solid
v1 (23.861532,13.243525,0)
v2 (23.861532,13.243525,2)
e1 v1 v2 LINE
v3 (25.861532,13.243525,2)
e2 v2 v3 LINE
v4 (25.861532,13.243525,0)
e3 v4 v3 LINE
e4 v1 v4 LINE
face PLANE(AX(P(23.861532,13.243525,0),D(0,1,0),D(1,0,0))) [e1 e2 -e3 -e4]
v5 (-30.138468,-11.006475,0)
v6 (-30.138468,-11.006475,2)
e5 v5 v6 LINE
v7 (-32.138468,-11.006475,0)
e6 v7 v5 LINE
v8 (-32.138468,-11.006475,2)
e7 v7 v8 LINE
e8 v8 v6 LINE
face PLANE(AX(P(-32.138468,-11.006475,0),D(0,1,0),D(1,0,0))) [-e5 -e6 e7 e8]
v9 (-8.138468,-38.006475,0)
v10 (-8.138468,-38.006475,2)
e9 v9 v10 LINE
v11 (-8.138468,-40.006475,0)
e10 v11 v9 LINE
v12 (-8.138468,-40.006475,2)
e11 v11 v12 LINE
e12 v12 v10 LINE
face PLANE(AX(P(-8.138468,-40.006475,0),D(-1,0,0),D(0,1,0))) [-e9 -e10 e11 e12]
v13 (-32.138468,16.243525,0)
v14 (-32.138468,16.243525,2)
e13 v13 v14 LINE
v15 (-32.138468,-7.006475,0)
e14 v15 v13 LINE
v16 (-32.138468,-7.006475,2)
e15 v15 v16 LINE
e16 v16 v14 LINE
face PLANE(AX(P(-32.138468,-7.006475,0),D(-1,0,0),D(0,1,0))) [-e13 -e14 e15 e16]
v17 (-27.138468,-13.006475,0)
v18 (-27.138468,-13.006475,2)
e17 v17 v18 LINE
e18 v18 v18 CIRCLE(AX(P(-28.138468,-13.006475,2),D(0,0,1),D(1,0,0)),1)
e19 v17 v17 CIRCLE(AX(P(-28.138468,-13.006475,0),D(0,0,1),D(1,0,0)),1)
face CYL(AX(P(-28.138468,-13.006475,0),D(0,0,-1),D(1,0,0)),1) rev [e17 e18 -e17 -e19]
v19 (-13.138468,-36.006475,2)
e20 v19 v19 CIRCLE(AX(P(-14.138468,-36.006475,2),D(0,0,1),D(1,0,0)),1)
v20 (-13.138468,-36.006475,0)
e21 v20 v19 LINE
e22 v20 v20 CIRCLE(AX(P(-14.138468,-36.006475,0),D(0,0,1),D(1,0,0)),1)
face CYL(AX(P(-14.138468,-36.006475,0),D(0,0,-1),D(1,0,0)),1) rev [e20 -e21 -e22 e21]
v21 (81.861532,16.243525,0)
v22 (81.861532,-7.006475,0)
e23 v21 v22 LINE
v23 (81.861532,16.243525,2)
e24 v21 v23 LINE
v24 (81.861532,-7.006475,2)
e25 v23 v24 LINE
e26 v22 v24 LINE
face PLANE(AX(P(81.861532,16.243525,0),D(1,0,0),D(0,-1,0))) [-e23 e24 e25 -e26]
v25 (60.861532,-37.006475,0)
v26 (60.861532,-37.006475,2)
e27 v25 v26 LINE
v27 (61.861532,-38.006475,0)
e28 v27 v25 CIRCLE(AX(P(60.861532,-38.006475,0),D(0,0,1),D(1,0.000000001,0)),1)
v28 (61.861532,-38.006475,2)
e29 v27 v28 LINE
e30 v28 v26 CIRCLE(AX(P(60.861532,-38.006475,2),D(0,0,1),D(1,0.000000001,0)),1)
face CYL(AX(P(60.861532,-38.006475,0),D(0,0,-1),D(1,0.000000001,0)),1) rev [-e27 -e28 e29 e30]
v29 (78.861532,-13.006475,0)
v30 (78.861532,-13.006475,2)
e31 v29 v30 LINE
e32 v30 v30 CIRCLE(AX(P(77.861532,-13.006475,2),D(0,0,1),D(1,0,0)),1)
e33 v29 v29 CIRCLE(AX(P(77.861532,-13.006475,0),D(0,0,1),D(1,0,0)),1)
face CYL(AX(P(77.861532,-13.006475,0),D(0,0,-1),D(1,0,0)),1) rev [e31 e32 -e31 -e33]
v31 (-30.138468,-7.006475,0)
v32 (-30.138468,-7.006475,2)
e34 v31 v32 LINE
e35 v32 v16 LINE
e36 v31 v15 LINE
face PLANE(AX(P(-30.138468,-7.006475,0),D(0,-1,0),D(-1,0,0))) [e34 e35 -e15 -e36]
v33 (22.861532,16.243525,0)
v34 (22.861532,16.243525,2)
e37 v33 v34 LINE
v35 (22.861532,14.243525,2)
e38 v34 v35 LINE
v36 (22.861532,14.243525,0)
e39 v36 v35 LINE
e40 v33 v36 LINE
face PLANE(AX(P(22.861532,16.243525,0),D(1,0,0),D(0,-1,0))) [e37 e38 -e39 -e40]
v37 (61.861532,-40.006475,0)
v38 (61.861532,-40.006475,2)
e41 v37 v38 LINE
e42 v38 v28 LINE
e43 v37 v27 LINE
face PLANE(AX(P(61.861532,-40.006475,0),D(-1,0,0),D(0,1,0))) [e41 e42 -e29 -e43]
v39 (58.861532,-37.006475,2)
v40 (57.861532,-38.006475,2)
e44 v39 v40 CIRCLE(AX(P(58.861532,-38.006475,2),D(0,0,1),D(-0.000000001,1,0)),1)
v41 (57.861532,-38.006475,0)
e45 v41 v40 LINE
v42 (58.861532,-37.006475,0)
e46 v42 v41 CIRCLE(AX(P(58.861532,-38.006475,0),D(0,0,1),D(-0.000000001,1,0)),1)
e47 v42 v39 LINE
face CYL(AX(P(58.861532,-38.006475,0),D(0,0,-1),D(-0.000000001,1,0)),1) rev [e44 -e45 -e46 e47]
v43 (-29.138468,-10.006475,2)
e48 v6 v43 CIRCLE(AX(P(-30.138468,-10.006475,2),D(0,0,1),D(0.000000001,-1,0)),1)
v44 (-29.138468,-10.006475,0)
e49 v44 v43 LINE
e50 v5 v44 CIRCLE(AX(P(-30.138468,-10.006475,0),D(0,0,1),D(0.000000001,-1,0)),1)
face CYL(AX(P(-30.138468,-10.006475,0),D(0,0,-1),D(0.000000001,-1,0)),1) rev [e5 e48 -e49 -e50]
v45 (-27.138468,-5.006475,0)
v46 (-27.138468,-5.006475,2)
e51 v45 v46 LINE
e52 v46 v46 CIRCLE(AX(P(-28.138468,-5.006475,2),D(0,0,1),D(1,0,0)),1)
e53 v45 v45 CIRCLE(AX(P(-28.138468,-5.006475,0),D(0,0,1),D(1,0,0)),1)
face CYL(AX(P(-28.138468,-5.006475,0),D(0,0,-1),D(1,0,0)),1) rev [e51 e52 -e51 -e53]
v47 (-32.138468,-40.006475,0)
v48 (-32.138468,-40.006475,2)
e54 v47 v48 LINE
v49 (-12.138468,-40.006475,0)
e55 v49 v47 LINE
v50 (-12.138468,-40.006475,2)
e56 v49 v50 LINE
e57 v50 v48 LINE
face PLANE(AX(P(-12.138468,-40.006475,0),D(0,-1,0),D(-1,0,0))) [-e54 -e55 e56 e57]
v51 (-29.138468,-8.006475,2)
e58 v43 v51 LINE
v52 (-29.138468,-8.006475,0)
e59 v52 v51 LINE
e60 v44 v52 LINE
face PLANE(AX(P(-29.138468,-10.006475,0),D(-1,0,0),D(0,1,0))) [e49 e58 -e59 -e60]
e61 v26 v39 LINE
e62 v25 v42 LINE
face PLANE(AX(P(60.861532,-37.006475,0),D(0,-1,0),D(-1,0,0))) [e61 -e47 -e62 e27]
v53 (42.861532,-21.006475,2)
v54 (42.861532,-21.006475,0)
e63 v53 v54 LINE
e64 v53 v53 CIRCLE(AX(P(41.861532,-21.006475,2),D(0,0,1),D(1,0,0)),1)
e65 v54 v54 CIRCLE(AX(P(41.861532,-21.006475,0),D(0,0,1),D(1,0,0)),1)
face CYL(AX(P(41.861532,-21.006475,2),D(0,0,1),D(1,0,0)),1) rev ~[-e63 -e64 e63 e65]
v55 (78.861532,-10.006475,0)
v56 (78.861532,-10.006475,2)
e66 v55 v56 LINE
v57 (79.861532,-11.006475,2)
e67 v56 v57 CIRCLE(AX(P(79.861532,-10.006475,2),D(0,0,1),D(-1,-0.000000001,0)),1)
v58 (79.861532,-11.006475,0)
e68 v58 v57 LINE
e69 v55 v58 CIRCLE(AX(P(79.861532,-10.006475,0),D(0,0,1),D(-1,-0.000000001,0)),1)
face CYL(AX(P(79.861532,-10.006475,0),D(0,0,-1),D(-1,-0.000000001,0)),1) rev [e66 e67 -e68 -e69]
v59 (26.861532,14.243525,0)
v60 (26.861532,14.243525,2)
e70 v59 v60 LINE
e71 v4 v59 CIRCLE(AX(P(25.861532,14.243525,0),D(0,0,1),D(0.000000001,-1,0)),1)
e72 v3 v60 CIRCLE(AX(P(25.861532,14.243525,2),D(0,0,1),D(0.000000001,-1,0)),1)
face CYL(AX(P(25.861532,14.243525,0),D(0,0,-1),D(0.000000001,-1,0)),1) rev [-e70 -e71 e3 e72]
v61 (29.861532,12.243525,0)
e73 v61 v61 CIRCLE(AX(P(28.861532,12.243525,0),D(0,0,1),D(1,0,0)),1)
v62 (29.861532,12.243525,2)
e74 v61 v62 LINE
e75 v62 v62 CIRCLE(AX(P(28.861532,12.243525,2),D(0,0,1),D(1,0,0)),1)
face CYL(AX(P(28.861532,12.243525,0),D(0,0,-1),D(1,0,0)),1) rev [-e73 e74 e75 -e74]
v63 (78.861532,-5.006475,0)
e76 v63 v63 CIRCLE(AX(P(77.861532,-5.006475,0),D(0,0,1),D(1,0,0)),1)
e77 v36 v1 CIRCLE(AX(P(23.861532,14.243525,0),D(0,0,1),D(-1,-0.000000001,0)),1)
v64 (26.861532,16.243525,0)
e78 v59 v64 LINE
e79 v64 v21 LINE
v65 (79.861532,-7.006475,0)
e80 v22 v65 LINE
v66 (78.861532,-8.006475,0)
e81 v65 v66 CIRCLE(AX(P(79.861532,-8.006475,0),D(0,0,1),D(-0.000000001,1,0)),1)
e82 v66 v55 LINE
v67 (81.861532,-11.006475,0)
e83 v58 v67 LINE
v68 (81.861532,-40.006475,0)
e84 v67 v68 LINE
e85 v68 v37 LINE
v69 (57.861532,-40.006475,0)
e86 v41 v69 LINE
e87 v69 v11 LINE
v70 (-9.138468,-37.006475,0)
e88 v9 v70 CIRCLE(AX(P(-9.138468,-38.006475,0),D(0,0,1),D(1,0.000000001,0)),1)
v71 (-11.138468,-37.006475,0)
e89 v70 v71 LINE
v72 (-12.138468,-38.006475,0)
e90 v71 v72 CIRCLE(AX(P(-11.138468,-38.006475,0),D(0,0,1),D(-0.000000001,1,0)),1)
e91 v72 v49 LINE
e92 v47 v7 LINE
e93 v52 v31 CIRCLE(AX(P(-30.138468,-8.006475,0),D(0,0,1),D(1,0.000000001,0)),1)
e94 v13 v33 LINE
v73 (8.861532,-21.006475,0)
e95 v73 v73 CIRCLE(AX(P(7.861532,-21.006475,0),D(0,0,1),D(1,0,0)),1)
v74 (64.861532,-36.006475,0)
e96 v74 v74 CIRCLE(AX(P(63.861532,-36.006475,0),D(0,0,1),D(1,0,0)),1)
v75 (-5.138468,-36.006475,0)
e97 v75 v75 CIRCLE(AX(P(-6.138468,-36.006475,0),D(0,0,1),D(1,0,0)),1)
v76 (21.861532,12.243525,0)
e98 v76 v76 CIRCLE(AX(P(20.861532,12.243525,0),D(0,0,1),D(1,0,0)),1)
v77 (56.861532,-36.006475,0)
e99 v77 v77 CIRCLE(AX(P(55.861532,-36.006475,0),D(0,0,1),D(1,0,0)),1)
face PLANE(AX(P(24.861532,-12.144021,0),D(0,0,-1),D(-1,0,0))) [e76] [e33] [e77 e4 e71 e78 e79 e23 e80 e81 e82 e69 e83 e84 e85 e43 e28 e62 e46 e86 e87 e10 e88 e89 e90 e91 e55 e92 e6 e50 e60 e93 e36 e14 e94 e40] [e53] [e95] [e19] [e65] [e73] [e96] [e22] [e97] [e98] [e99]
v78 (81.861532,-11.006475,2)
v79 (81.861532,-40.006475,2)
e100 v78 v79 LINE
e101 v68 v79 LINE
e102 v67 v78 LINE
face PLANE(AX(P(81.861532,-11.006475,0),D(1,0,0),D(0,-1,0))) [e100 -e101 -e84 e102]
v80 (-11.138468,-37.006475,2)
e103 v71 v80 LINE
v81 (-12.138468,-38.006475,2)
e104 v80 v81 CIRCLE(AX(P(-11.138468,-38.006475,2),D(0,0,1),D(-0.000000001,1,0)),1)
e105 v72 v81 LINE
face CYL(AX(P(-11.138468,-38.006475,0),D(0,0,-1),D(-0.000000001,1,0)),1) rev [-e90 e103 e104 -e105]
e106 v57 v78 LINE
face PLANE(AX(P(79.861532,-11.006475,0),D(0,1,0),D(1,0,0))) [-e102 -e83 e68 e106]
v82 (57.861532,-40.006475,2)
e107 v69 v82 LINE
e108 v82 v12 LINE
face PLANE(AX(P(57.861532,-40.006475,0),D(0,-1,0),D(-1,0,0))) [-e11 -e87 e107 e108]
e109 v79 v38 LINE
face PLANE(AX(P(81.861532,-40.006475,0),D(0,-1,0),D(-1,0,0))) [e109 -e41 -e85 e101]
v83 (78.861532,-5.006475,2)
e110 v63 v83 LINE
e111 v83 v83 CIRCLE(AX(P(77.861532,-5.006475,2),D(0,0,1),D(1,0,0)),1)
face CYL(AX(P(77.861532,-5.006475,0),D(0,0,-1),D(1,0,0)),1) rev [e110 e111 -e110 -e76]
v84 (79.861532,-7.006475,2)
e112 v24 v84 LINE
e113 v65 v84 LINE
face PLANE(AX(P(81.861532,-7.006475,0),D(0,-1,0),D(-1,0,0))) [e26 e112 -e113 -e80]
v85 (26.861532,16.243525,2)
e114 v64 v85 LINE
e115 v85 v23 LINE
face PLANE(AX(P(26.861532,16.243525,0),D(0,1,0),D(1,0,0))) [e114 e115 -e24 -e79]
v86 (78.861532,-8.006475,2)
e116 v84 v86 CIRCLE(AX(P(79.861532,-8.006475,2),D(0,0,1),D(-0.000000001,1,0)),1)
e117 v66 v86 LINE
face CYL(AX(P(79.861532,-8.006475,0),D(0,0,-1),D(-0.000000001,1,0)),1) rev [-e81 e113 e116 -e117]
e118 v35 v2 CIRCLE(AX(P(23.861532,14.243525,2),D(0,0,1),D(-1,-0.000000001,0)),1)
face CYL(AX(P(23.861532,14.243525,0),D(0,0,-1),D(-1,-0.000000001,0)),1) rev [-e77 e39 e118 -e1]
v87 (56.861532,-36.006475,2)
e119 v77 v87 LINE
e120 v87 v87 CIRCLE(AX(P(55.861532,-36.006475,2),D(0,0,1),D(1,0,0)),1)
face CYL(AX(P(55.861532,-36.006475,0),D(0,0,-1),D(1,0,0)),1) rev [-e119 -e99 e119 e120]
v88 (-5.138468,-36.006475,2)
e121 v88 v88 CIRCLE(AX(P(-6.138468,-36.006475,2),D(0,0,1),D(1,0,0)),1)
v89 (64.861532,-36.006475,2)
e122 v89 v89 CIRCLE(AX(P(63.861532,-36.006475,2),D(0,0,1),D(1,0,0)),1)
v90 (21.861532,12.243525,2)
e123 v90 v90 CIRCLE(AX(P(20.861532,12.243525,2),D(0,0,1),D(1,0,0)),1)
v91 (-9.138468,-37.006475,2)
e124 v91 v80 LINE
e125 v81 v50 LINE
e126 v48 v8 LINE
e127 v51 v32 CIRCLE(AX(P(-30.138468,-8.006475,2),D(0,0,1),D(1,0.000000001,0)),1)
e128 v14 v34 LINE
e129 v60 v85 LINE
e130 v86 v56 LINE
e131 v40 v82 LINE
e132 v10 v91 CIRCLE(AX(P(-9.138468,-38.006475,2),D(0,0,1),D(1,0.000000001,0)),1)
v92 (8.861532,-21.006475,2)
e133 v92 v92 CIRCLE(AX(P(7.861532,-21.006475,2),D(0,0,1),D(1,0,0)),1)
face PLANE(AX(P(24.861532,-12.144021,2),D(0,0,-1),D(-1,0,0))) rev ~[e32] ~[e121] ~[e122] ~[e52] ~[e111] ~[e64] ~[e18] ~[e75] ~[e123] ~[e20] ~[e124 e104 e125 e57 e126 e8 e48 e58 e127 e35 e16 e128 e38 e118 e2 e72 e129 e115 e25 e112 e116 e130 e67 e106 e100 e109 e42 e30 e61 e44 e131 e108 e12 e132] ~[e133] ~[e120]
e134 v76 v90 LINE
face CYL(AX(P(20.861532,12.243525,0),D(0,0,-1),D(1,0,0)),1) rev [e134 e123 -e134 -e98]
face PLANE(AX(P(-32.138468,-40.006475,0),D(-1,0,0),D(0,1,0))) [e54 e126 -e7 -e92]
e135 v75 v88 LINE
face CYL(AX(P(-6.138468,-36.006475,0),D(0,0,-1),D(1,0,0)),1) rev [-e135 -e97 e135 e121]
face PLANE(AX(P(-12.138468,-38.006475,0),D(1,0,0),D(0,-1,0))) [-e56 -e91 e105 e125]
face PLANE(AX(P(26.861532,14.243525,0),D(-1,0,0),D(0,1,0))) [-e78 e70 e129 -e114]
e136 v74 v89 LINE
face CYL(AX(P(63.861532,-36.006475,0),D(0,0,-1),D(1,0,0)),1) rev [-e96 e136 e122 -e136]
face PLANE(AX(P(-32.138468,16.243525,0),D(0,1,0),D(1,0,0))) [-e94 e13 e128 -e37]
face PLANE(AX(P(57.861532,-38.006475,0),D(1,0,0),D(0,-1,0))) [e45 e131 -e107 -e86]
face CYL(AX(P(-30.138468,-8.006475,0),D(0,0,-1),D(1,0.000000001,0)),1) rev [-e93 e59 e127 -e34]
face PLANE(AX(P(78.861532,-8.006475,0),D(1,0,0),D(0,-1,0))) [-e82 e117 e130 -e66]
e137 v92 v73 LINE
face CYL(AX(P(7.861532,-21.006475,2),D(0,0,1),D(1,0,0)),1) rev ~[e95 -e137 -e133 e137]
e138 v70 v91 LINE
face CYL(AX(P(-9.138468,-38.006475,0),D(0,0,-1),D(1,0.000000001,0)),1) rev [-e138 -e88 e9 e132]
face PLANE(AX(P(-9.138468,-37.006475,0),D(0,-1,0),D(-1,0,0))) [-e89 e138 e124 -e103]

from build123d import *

# Parameters (mm, degrees)
SKETCH_1_R          = 1
EXTRUDE_1_DEPTH     = 2
SKETCH_2_R          = 1
CUT_EXTRUDE_1_DEPTH = 10


with BuildPart() as part:
    # 草圖1 → 填料-伸長1 (new body)
    with BuildSketch(Plane.XY):
        with BuildLine():
            Line((23.861531606, 13.243524775), (25.861531606, 13.243524775))
            ThreePointArc((25.861531606, 13.243524775), (26.568638387, 13.536417994), (26.861531606, 14.243524775))
            Line((26.861531606, 14.243524775), (26.861531606, 16.243524775))
            Line((26.861531606, 16.243524775), (80.861531606, 16.243524775))
            Line((80.861531606, 16.243524775), (81.861531606, 16.243524775))
            Line((81.861531606, 16.243524775), (81.861531606, 15.243524775))
            Line((81.861531606, 15.243524775), (81.861531606, -7.006475225))
            Line((81.861531606, -7.006475225), (79.861531606, -7.006475225))
            ThreePointArc((79.861531606, -7.006475225), (79.154424825, -7.299368444), (78.861531606, -8.006475225))
            Line((78.861531606, -8.006475225), (78.861531606, -10.006475225))
            ThreePointArc((78.861531606, -10.006475225), (79.154424825, -10.713582006), (79.861531606, -11.006475225))
            Line((79.861531606, -11.006475225), (81.861531606, -11.006475225))
            Line((81.861531606, -11.006475225), (81.861531606, -39.006475225))
            Line((81.861531606, -39.006475225), (81.861531606, -40.006475225))
            Line((81.861531606, -40.006475225), (80.861531606, -40.006475225))
            Line((80.861531606, -40.006475225), (61.861531606, -40.006475225))
            Line((61.861531606, -40.006475225), (61.861531606, -38.006475225))
            ThreePointArc((61.861531606, -38.006475225), (61.568638387, -37.299368444), (60.861531606, -37.006475225))
            Line((60.861531606, -37.006475225), (58.861531606, -37.006475225))
            ThreePointArc((58.861531606, -37.006475225), (58.154424825, -37.299368444), (57.861531606, -38.006475225))
            Line((57.861531606, -38.006475225), (57.861531606, -40.006475225))
            Line((57.861531606, -40.006475225), (-8.138468394, -40.006475225))
            Line((-8.138468394, -40.006475225), (-8.138468394, -38.006475225))
            ThreePointArc((-8.138468394, -38.006475225), (-8.431361613, -37.299368444), (-9.138468394, -37.006475225))
            Line((-9.138468394, -37.006475225), (-11.138468394, -37.006475225))
            ThreePointArc((-11.138468394, -37.006475225), (-11.845575175, -37.299368444), (-12.138468394, -38.006475225))
            Line((-12.138468394, -38.006475225), (-12.138468394, -40.006475225))
            Line((-12.138468394, -40.006475225), (-31.138468394, -40.006475225))
            Line((-31.138468394, -40.006475225), (-32.138468394, -40.006475225))
            Line((-32.138468394, -40.006475225), (-32.138468394, -39.006475225))
            Line((-32.138468394, -39.006475225), (-32.138468394, -11.006475225))
            Line((-32.138468394, -11.006475225), (-30.138468394, -11.006475225))
            ThreePointArc((-30.138468394, -11.006475225), (-29.431361613, -10.713582006), (-29.138468394, -10.006475225))
            Line((-29.138468394, -10.006475225), (-29.138468394, -8.006475225))
            ThreePointArc((-29.138468394, -8.006475225), (-29.431361613, -7.299368444), (-30.138468394, -7.006475225))
            Line((-30.138468394, -7.006475225), (-32.138468394, -7.006475225))
            Line((-32.138468394, -7.006475225), (-32.138468394, 15.243524775))
            Line((-32.138468394, 15.243524775), (-32.138468394, 16.243524775))
            Line((-32.138468394, 16.243524775), (-31.138468394, 16.243524775))
            Line((-31.138468394, 16.243524775), (22.861531606, 16.243524775))
            Line((22.861531606, 16.243524775), (22.861531606, 14.243524775))
            ThreePointArc((22.861531606, 14.243524775), (23.154424825, 13.536417994), (23.861531606, 13.243524775))
        make_face()
        with Locations((55.861531606, -36.006475225)):
            Circle(SKETCH_1_R, mode=Mode.SUBTRACT)
        with Locations((77.861531606, -5.006475225)):
            Circle(SKETCH_1_R, mode=Mode.SUBTRACT)
        with Locations((-6.138468394, -36.006475225)):
            Circle(SKETCH_1_R, mode=Mode.SUBTRACT)
        with Locations((28.861531606, 12.243524775)):
            Circle(SKETCH_1_R, mode=Mode.SUBTRACT)
        with Locations((20.861531606, 12.243524775)):
            Circle(SKETCH_1_R, mode=Mode.SUBTRACT)
        with Locations((-28.138468394, -5.006475225)):
            Circle(SKETCH_1_R, mode=Mode.SUBTRACT)
        with Locations((-28.138468394, -13.006475225)):
            Circle(SKETCH_1_R, mode=Mode.SUBTRACT)
        with Locations((77.861531606, -13.006475225)):
            Circle(SKETCH_1_R, mode=Mode.SUBTRACT)
        with Locations((-14.138468394, -36.006475225)):
            Circle(SKETCH_1_R, mode=Mode.SUBTRACT)
        with Locations((63.861531606, -36.006475225)):
            Circle(SKETCH_1_R, mode=Mode.SUBTRACT)
    extrude(amount=EXTRUDE_1_DEPTH)

    # 草圖2 → 除料-伸長1 (cut)
    with BuildSketch(Plane.XY.offset(2)):
        with Locations((7.861531606, -21.006475225)):
            Circle(SKETCH_2_R)
        with Locations((41.861531606, -21.006475225)):
            Circle(SKETCH_2_R)
    extrude(amount=-CUT_EXTRUDE_1_DEPTH, mode=Mode.SUBTRACT)


solid = part.part
